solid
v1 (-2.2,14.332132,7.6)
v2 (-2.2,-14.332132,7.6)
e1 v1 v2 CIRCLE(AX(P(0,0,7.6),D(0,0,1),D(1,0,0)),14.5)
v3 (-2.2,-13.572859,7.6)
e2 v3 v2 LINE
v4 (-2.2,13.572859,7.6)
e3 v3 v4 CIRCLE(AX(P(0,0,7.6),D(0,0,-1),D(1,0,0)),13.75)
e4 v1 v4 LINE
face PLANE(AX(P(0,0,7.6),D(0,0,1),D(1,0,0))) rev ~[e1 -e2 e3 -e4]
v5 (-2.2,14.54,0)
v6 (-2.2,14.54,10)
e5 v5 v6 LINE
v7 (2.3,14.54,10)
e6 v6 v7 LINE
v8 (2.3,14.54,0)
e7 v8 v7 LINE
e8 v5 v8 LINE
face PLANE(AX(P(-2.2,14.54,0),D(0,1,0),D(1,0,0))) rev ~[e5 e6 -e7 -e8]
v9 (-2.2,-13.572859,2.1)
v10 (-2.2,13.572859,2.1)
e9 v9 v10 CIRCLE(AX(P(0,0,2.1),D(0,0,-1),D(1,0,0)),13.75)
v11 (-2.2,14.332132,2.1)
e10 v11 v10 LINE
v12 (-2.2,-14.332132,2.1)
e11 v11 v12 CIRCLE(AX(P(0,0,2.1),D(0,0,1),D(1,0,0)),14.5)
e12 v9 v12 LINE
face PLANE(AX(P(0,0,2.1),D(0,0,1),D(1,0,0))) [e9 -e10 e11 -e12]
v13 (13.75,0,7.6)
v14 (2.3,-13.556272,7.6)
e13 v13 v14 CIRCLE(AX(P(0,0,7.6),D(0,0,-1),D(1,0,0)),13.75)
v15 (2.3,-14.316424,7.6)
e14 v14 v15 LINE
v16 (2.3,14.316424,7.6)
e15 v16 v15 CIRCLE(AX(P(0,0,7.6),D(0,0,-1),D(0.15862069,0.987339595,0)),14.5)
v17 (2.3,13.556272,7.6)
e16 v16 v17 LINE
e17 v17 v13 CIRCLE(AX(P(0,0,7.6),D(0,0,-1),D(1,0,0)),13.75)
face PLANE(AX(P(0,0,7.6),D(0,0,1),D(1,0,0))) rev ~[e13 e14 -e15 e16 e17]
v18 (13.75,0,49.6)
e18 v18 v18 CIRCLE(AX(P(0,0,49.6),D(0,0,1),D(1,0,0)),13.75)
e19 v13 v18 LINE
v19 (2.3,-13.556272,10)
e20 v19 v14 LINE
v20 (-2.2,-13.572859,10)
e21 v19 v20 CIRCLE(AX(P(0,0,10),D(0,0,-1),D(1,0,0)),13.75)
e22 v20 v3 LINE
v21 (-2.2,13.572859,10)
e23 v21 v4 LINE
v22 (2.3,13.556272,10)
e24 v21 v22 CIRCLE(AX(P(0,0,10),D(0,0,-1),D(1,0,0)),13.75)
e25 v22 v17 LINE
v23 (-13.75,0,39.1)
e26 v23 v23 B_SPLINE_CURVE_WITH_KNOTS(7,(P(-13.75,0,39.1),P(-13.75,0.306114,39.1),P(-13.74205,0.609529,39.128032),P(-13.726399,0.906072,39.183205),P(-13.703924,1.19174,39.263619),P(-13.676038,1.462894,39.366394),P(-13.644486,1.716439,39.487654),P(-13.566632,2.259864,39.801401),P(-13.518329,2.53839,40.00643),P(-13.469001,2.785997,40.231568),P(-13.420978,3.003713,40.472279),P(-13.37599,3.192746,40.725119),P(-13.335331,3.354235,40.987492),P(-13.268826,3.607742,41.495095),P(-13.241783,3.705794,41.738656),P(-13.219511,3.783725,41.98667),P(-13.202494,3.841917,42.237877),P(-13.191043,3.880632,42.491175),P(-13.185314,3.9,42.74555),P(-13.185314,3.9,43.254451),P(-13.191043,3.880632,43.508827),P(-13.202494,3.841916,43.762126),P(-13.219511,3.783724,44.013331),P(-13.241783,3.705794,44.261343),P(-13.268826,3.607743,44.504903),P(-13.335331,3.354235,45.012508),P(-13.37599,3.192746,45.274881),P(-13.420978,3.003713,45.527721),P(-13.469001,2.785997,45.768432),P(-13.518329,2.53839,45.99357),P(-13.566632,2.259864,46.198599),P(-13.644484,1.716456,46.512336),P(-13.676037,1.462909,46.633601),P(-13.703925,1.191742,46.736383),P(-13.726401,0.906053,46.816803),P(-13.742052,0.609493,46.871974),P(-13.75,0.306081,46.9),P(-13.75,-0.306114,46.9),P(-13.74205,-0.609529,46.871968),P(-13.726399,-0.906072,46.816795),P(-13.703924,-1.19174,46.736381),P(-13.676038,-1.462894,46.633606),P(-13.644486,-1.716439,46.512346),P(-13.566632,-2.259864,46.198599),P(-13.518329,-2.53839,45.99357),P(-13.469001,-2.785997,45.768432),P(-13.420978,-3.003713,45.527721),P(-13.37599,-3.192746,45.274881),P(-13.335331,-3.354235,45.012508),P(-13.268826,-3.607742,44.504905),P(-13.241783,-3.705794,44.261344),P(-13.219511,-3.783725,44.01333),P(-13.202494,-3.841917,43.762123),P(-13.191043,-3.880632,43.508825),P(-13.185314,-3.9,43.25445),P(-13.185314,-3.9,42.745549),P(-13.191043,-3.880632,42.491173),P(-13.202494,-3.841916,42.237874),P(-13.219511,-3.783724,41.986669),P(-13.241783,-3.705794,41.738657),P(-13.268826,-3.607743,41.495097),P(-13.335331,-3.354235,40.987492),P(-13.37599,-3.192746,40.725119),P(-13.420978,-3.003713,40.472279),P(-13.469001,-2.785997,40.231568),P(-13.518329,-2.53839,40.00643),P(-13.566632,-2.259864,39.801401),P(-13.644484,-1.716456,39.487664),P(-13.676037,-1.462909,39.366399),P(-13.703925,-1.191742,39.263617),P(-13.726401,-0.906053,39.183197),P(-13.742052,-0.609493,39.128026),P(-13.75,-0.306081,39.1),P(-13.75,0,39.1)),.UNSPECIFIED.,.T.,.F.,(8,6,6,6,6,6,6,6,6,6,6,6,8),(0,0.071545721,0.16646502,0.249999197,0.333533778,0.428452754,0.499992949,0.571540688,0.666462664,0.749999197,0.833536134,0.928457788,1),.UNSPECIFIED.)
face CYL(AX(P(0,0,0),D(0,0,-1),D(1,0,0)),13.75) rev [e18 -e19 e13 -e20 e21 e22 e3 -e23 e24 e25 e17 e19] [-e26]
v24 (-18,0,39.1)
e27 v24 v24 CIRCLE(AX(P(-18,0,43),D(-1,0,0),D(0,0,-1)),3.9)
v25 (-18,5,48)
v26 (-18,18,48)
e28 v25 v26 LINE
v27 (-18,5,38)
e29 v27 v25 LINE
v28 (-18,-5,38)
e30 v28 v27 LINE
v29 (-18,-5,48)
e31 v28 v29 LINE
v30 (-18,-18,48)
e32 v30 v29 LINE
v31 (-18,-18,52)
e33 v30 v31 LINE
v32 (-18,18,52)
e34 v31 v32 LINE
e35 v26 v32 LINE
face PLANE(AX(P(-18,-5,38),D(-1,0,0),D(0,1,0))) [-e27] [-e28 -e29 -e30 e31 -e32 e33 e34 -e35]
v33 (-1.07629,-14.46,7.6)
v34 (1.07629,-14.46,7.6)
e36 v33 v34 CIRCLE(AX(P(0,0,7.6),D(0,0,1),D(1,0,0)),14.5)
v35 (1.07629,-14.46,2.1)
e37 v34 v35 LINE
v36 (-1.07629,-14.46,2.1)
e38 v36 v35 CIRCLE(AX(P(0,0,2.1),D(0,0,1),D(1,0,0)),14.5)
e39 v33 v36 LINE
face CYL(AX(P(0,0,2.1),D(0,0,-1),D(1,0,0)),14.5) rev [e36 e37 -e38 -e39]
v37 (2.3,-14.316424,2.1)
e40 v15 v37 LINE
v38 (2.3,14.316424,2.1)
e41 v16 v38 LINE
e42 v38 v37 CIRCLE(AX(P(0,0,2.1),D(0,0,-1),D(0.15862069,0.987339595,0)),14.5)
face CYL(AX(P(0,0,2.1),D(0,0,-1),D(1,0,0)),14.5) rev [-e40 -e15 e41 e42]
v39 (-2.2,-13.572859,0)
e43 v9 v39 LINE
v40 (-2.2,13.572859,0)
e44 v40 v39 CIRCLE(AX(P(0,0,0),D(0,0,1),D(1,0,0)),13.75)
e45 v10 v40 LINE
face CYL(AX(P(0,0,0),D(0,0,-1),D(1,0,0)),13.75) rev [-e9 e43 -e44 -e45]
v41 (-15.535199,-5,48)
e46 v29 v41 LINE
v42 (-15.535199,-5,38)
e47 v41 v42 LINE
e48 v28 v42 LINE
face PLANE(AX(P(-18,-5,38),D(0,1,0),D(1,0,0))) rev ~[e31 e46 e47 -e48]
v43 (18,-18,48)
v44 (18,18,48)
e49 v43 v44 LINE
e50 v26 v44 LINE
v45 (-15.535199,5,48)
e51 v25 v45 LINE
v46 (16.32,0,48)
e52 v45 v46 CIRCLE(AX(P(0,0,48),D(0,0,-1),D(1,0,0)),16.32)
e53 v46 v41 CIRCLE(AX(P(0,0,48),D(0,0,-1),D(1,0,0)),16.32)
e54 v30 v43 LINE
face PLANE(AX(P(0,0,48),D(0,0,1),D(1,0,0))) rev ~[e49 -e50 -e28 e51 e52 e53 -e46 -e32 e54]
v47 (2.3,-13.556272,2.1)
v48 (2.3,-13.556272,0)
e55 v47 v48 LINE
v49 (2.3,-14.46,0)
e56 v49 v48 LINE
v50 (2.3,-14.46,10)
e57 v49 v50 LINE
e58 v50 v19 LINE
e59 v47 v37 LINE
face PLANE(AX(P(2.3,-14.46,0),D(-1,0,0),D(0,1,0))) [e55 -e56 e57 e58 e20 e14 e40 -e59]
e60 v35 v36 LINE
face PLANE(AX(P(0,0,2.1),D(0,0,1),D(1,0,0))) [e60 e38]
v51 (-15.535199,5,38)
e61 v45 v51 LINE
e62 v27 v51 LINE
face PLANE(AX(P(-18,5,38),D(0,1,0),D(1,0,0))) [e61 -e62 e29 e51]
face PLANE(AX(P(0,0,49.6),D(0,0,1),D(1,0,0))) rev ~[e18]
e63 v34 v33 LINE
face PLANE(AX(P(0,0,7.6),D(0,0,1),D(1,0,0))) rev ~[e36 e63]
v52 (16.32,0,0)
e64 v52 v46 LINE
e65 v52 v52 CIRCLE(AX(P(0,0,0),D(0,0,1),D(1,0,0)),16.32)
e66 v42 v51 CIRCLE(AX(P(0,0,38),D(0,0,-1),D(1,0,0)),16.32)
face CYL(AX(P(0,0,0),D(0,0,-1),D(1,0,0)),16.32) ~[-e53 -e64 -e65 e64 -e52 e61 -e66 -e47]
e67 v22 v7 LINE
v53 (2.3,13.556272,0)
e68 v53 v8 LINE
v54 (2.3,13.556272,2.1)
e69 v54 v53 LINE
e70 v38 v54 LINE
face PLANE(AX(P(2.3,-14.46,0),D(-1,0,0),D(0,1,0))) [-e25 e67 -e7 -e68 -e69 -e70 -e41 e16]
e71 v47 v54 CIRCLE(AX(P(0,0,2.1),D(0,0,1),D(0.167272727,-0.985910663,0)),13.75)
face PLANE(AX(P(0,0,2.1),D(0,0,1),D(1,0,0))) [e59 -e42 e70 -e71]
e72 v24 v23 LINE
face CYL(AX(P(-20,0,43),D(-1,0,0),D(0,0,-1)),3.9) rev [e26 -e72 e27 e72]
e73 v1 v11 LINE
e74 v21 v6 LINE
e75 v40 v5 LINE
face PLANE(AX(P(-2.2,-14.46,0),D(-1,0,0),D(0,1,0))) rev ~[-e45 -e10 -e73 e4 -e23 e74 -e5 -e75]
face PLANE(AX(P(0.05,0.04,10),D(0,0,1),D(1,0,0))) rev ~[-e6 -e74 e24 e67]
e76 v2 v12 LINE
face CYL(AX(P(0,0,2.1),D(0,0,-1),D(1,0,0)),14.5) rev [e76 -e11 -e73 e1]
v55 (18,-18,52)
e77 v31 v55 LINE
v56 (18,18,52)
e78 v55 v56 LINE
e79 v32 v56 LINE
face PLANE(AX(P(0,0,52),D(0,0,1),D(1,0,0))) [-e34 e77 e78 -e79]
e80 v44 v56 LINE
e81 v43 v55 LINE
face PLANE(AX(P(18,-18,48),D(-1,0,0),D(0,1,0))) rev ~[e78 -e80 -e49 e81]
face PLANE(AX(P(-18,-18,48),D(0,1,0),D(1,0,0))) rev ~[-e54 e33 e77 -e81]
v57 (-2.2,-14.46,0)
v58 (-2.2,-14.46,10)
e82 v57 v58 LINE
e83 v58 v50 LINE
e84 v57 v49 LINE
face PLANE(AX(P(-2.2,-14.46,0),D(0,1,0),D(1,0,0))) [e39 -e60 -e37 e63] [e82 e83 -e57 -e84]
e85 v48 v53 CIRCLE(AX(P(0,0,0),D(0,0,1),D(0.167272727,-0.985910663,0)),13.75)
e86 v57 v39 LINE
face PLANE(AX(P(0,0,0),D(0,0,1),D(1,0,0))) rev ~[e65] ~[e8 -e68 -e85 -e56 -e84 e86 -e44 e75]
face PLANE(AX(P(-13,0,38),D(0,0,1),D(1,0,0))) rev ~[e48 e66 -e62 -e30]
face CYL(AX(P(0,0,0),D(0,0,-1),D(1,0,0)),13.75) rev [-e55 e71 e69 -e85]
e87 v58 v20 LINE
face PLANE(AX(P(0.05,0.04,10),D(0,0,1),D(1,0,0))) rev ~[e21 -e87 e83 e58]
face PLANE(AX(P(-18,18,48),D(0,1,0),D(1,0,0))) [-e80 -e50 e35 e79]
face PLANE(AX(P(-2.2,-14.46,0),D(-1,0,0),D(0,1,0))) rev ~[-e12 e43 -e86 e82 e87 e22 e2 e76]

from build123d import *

# Parameters (mm, degrees)
BOX002_W          = 4.5
BOX002_H          = 29
BOX002_DEPTH      = 10
CYLINDER003_R     = 14.5
CYLINDER003_DEPTH = 5.5
CYLINDER002_R     = 3.9
CYLINDER002_DEPTH = 10
CYLINDER_R        = 13.75
CYLINDER_DEPTH    = 49.6
BOX_W             = 36
BOX_H             = 36
BOX_DEPTH         = 4
BOX001_W          = 10
BOX001_H          = 10
BOX001_DEPTH      = 10
CYLINDER001_R     = 16.32
CYLINDER001_DEPTH = 52


with BuildPart() as cube002:
    # Box002 → Box002 (new body)
    with BuildSketch(Plane(origin=(-2.2, -14.46, 0), x_dir=(1, 0, 0), z_dir=(0, 0, 1))):
        with Locations((2.25, 14.5)):
            Rectangle(BOX002_W, BOX002_H)
    extrude(amount=BOX002_DEPTH)


with BuildPart() as cylinder003:
    # Cylinder003 → Cylinder003 (new body)
    with BuildSketch(Plane.XY.offset(2.1)):
        Circle(CYLINDER003_R)
    extrude(amount=CYLINDER003_DEPTH)


with BuildPart() as cylinder002:
    # Cylinder002 → Cylinder002 (new body)
    with BuildSketch(Plane(origin=(-20, 0, 43), x_dir=(0, 0, -1), z_dir=(1, 0, 0))):
        Circle(CYLINDER002_R)
    extrude(amount=CYLINDER002_DEPTH)


with BuildPart() as cylinder:
    # Cylinder → Cylinder (new body)
    with BuildSketch(Plane.XY):
        Circle(CYLINDER_R)
    extrude(amount=CYLINDER_DEPTH)


with BuildPart() as cube:
    # Box → Box (new body)
    with BuildSketch(Plane(origin=(-18, -18, 48), x_dir=(1, 0, 0), z_dir=(0, 0, 1))):
        with Locations((18, 18)):
            Rectangle(BOX_W, BOX_H)
    extrude(amount=BOX_DEPTH)


with BuildPart() as cube001:
    # Box001 → Box001 (new body)
    with BuildSketch(Plane(origin=(-18, -5, 38), x_dir=(1, 0, 0), z_dir=(0, 0, 1))):
        with Locations((5, 5)):
            Rectangle(BOX001_W, BOX001_H)
    extrude(amount=BOX001_DEPTH)


with BuildPart() as cut003:
    # Cylinder001 → Cylinder001 (new body)
    with BuildSketch(Plane.XY):
        Circle(CYLINDER001_R)
    extrude(amount=CYLINDER001_DEPTH)

    # Fusion: union Cube, Cube001
    add(cube.part)
    add(cube001.part)

    # Cut: cut Cylinder
    add(cylinder.part, mode=Mode.SUBTRACT)

    # Cut001: cut Cylinder002
    add(cylinder002.part, mode=Mode.SUBTRACT)

    # Cut002: cut Cylinder003
    add(cylinder003.part, mode=Mode.SUBTRACT)

    # Cut003: cut Cube002
    add(cube002.part, mode=Mode.SUBTRACT)


solid = cut003.part
